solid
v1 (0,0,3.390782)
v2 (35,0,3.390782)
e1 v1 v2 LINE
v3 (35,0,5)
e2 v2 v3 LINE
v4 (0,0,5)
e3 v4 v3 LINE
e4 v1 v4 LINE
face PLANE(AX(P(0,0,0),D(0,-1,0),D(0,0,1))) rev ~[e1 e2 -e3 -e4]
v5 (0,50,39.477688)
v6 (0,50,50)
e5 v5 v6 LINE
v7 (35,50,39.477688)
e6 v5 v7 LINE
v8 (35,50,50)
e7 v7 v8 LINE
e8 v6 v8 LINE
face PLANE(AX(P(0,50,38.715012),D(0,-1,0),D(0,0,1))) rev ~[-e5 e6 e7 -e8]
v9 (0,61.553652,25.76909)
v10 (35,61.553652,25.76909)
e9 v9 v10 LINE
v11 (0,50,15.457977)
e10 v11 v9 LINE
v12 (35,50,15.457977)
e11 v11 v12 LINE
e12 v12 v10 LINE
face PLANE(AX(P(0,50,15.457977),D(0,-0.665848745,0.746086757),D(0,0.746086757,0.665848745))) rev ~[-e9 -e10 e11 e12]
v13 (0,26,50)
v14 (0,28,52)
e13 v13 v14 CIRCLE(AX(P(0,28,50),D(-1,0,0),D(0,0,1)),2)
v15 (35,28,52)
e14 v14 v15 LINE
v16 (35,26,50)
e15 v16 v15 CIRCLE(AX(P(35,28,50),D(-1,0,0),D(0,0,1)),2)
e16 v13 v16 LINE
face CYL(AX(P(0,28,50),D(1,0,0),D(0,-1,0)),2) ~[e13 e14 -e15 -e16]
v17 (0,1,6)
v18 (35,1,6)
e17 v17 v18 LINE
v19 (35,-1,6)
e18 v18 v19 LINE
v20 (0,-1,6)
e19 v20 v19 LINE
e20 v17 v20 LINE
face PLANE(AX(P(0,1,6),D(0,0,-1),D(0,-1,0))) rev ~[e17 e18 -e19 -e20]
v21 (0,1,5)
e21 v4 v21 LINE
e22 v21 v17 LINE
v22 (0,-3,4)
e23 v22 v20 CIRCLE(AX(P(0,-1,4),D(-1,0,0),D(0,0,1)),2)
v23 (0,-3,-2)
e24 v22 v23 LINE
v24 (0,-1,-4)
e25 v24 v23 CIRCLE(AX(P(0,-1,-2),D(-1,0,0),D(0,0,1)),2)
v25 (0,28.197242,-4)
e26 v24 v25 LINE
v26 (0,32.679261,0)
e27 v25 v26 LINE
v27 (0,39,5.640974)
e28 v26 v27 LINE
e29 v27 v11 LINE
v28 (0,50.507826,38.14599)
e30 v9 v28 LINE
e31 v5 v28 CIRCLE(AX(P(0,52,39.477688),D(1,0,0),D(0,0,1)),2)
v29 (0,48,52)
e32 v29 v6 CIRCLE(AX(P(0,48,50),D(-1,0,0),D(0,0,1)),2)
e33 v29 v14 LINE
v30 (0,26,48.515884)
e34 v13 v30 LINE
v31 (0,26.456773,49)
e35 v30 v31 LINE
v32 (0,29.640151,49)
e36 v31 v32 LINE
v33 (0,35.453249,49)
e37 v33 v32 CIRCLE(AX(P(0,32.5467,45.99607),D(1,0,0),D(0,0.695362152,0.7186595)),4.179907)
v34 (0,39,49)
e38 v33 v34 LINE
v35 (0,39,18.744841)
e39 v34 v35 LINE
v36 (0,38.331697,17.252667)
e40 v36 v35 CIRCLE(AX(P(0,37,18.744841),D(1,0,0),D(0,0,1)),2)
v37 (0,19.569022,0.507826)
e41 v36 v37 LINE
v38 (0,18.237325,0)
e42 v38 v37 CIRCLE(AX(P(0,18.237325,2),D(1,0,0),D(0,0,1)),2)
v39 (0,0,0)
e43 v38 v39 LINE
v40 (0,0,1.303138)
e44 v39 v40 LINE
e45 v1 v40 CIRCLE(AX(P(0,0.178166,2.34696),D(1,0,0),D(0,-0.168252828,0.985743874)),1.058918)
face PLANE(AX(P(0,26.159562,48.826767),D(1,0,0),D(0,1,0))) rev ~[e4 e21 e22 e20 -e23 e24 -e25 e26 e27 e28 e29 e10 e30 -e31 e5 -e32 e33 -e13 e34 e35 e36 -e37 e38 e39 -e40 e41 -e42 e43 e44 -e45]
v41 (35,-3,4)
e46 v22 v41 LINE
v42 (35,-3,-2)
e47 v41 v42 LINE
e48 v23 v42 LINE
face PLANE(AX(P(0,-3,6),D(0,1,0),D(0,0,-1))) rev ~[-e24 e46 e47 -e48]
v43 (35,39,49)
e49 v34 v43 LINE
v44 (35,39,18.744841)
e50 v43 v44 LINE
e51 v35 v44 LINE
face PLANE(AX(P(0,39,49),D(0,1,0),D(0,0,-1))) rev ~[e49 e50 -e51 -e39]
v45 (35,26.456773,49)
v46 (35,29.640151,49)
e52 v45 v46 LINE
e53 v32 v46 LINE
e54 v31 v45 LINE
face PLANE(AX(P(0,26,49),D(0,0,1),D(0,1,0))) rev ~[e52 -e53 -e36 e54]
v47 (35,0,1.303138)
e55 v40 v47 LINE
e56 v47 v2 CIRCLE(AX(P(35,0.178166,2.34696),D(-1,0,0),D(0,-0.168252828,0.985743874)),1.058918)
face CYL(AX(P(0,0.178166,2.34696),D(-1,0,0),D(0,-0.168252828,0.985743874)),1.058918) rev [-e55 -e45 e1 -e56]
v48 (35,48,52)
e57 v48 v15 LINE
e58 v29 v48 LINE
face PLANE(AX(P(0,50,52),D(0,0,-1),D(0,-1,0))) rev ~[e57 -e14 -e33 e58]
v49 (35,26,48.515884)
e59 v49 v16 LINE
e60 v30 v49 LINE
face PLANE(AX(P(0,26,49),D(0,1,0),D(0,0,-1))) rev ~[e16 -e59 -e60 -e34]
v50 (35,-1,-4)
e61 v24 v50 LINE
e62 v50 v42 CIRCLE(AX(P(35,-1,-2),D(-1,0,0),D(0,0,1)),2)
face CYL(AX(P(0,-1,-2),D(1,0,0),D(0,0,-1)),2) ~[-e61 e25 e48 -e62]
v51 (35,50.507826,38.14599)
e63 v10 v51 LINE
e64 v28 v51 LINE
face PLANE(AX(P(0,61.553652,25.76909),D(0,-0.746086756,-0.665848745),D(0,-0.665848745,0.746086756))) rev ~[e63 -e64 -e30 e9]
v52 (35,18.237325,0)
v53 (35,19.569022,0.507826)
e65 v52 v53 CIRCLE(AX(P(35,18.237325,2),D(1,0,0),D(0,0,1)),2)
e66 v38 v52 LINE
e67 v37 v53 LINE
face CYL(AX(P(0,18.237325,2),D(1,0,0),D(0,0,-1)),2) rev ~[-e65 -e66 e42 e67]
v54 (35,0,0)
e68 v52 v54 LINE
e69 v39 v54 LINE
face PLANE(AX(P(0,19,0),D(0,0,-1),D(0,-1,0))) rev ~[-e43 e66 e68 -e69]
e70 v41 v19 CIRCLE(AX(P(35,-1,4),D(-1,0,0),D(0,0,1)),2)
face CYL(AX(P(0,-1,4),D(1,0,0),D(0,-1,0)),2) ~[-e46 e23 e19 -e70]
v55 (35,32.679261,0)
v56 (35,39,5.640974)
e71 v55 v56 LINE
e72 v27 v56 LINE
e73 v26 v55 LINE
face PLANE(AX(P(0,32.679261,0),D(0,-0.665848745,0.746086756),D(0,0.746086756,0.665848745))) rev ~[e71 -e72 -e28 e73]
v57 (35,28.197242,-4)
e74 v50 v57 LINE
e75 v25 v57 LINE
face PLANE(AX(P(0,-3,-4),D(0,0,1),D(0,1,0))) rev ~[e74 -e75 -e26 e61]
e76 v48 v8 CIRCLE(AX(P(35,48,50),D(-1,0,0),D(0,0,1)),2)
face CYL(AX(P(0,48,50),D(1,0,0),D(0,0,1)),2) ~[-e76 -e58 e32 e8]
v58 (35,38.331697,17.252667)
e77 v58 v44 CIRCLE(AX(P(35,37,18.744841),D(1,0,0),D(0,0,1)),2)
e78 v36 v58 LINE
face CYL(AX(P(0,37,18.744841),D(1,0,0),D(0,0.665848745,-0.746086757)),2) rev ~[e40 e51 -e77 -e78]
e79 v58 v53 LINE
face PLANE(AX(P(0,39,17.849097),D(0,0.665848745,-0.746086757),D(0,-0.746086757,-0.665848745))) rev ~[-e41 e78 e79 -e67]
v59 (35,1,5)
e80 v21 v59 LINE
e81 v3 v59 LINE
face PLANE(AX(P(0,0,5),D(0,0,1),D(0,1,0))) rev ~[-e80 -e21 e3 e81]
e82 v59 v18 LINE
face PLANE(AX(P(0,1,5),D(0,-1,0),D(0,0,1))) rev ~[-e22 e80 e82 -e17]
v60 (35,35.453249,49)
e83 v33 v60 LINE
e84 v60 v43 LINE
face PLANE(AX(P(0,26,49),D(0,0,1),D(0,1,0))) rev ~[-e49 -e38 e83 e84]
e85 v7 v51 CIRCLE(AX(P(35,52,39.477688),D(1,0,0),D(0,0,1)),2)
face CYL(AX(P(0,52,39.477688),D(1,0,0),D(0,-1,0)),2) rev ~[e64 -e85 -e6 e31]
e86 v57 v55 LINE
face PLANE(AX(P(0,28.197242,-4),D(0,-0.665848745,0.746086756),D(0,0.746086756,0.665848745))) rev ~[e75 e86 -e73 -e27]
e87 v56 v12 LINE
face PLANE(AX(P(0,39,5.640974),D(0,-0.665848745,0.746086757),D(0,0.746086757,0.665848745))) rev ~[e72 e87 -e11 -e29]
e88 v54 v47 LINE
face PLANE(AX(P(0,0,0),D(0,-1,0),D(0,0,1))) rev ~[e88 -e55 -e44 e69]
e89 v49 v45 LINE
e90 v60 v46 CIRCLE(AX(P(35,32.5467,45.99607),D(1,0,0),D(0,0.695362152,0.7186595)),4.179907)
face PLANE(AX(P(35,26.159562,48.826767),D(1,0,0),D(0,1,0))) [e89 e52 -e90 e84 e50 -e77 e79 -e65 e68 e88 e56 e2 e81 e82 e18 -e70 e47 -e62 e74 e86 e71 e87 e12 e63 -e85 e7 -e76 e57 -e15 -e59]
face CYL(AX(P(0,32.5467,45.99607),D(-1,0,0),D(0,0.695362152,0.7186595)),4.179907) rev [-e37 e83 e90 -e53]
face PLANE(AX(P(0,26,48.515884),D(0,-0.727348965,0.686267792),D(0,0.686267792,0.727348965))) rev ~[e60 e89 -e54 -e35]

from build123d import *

# Parameters (mm, degrees)
F1_DEPTH = 35
F3_DEPTH = 35
F5_DEPTH = 35
F7_DEPTH = 35.001
F8_R     = 2


with BuildPart() as f1:
    # F0 (on Right) → F1 (new body)
    with BuildSketch(Plane.YZ):
        Polygon((19, 0), (0, 0), (0, 5), (1, 5), (1, 6), (-3, 6), (-3, -4), (28.1972419471, -4), (32.6792613945, 0), align=None)
        Polygon((39, 17.8490970284), (19, 0), (32.6792613945, 0), (39, 5.6409738331), align=None)
        Polygon((39, 49), (39, 17.8490970284), (39, 5.6409738331), (50, 15.4579771987), (50, 38.7150122165), (50, 52), (26, 52), (26, 49), align=None)
        Polygon((50, 38.7150122165), (50, 15.4579771987), (61.5536515036, 25.7690895346), align=None)
    extrude(amount=F1_DEPTH)

    # F2 (on face) → F3 (join)
    with BuildSketch(Plane.YZ):
        Polygon((26.4567731472, 49), (26, 49), (26, 48.5158836246), align=None)
    extrude(amount=F3_DEPTH)

    # F4 (on Right) → F5 (cut, through all)
    with BuildSketch(Plane.YZ):
        with BuildLine():
            Line((29.6401511878, 49), (35.453248769, 49))
            ThreePointArc((35.453248769, 49), (32.5466999784, 50.1759769875), (29.6401511878, 49))
        make_face()
    extrude(amount=F5_DEPTH, mode=Mode.SUBTRACT)

    # F6 (on face) → F7 (cut, through all)
    with BuildSketch(Plane.YZ):
        with BuildLine():
            Line((0, 1.3031382114), (0, 3.3907820471))
            ThreePointArc((0, 3.3907820471), (-0.8807520402, 2.3469601292), (0, 1.3031382114))
        make_face()
    extrude(amount=F7_DEPTH, mode=Mode.SUBTRACT)

    # F8
    f8_edges = [f1.edges().sort_by_distance(p)[0] for p in [
        (17.5, 50, 52),
        (17.5, -3, -4),
        (17.5, -3, 6),
        (17.5, 26, 52),
        (17.5, 39, 17.849097),
        (17.5, 19, 0),
        (17.5, 50, 38.715012),
    ]]
    fillet(f8_edges, radius=F8_R)


solid = f1.part
